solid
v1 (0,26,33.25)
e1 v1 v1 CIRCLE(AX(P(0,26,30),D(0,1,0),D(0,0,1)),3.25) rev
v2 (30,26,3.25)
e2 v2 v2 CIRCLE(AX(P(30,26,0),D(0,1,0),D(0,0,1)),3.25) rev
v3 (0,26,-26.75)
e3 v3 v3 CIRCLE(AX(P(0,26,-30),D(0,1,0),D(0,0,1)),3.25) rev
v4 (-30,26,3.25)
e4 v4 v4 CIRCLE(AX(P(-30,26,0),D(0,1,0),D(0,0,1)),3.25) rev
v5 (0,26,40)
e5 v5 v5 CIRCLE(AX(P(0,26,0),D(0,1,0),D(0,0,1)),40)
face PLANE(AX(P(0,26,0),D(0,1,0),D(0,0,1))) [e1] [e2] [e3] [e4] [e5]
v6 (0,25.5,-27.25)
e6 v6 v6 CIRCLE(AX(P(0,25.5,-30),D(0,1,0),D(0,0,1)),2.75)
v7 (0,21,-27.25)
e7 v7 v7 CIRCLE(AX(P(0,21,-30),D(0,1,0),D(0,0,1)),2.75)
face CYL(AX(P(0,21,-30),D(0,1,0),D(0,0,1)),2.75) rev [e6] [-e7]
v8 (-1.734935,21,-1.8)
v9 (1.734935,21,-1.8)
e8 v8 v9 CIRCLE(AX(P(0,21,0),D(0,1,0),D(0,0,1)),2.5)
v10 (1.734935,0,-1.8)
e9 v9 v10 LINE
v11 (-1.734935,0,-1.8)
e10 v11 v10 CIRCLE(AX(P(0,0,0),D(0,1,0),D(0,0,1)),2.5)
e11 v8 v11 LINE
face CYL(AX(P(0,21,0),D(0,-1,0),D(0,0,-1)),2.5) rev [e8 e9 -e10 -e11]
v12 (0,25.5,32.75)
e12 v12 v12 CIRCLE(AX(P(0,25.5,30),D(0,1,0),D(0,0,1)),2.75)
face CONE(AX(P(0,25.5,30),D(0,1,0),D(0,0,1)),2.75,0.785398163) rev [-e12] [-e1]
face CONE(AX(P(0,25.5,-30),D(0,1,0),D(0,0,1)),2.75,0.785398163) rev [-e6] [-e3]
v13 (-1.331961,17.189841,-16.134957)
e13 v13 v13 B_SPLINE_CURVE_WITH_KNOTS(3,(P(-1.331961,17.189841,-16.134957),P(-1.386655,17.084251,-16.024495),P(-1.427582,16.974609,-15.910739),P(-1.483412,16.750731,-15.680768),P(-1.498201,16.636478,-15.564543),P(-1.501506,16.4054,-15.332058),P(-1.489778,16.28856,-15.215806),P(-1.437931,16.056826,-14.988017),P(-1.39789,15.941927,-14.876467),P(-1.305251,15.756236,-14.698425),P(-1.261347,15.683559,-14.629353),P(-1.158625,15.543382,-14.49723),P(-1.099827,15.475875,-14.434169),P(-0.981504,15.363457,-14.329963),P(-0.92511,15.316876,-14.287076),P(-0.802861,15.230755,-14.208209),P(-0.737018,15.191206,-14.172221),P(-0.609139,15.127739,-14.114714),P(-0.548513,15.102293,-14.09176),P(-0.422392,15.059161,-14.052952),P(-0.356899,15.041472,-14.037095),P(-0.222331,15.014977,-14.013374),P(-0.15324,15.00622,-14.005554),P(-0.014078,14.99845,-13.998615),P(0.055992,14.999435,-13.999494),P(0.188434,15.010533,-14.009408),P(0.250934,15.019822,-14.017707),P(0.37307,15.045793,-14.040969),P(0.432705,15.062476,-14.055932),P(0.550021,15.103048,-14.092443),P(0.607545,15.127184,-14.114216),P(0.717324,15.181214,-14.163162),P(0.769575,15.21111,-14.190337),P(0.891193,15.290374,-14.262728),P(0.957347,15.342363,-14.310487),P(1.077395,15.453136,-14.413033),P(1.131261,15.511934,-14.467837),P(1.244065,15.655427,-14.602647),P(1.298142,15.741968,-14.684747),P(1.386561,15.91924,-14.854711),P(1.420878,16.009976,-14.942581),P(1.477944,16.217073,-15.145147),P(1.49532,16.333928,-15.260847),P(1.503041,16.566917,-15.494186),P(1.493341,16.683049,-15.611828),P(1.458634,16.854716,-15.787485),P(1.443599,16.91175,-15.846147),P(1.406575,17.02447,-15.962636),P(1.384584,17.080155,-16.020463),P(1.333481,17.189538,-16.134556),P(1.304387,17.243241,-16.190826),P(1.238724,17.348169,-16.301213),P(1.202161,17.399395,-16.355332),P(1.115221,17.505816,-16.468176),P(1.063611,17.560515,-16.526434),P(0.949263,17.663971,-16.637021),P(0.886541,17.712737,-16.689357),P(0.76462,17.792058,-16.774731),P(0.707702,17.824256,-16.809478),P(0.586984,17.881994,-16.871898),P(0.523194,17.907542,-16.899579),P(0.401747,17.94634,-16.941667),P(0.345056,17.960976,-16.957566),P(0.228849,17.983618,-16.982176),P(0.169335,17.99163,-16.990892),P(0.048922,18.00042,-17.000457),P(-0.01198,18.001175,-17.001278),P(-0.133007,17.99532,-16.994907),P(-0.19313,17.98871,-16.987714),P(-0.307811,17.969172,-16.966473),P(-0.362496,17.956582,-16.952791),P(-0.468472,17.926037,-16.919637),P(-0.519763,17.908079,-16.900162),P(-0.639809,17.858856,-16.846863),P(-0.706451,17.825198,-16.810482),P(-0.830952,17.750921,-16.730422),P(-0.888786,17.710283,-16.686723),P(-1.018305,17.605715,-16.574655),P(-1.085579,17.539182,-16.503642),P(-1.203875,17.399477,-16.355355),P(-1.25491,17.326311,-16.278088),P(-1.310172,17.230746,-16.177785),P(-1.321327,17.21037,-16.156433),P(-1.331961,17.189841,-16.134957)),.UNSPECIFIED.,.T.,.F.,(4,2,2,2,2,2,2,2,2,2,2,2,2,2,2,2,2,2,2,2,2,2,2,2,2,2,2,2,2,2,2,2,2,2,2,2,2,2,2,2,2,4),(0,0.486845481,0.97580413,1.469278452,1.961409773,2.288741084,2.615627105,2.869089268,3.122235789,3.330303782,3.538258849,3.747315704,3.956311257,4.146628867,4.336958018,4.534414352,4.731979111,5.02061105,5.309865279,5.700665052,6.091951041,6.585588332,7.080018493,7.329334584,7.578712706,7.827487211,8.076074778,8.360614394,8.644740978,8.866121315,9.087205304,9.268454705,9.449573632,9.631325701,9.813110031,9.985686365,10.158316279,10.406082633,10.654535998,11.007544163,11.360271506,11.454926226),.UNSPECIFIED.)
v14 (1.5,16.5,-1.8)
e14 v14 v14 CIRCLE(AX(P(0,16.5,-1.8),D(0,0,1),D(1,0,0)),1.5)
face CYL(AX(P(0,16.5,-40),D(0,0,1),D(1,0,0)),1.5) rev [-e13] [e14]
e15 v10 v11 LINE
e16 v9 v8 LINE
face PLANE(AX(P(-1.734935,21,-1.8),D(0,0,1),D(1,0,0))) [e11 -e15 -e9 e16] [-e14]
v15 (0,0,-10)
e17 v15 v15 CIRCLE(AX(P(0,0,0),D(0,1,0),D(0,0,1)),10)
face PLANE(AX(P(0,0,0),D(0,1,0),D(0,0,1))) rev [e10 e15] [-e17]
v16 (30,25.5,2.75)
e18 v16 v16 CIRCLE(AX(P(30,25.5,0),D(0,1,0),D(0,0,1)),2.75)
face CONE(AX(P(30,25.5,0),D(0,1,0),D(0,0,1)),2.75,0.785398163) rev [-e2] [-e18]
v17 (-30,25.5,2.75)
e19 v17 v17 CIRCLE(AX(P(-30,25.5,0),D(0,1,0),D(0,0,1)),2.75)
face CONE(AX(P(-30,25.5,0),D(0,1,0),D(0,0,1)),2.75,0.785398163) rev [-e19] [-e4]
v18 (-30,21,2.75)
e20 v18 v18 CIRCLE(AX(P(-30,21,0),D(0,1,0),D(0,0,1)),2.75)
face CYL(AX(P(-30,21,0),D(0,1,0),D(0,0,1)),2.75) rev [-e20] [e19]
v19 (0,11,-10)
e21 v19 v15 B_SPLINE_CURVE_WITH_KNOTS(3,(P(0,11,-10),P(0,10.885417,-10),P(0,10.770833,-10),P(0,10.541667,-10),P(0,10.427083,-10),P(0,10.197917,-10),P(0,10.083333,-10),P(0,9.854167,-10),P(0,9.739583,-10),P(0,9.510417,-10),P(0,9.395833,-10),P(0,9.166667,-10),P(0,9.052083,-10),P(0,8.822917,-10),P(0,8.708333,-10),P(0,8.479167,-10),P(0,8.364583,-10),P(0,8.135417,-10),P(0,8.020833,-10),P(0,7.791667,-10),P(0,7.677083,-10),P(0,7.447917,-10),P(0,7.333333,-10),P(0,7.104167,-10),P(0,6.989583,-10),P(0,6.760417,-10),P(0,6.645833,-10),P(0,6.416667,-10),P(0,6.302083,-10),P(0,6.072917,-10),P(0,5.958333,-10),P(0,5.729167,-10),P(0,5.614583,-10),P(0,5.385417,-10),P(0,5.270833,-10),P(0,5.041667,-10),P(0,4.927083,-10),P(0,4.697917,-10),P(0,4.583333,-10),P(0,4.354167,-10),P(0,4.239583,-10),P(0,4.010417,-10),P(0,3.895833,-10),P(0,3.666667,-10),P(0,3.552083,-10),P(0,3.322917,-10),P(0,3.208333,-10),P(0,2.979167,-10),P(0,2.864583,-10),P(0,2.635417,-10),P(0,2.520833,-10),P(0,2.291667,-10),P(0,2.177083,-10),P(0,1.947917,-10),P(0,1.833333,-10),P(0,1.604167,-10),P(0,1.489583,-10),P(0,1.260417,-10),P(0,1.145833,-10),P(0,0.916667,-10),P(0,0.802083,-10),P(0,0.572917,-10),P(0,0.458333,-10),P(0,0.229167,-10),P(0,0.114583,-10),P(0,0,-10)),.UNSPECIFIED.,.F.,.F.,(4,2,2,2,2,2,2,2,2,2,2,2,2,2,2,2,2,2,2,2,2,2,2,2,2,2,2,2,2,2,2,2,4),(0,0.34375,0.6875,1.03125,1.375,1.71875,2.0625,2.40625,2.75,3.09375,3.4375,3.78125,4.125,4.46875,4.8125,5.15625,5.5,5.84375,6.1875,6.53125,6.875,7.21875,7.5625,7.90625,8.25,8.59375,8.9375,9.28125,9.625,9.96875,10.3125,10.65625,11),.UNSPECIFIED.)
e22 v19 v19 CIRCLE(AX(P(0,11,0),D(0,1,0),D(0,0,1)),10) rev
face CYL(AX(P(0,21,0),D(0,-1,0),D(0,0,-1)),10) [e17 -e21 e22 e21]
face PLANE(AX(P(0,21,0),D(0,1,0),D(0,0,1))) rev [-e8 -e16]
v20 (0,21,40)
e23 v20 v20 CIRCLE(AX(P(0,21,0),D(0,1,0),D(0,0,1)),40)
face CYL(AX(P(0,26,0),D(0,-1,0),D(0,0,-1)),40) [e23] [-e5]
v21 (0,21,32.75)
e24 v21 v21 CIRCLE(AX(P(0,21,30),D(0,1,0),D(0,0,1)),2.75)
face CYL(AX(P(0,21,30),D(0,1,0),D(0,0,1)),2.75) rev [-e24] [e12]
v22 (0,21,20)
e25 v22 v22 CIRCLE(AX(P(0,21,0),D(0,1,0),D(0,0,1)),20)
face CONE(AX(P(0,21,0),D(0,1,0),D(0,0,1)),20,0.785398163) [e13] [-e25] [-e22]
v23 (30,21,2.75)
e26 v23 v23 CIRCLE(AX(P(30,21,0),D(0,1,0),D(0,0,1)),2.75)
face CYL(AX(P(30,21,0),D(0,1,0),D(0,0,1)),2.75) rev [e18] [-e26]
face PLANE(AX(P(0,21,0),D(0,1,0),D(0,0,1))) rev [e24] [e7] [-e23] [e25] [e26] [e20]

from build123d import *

# Parameters (mm, degrees)
SKETCH_1_R          = 10
EXTRUDE_1_DEPTH     = 21
SKETCH_2_R          = 40
EXTRUDE_2_DEPTH     = 5
CHAMFER_1_SIZE      = 10
SKETCH_3_R          = 2.75
CUT_EXTRUDE_2_DEPTH = 5
CHAMFER_2_SIZE      = 0.5
SKETCH_4_R          = 1.5
CUT_EXTRUDE_3_DEPTH = 63.257529665


with BuildPart() as part:
    # 草图1 → 凸台-拉伸1 (new body)
    with BuildSketch(Plane(origin=(0, 0, 0), x_dir=(1, 0, 0), z_dir=(0, 1, 0))):
        with Locations(Location((0, 0, 0), (0, 0, 90))):
            Circle(SKETCH_1_R)
        with BuildLine():
            Line((-1.734935157, 1.8), (1.734935157, 1.8))
            ThreePointArc((1.734935157, 1.8), (0, -2.5), (-1.734935157, 1.8))
        make_face(mode=Mode.SUBTRACT)
    extrude(amount=EXTRUDE_1_DEPTH)

    # 草图2 → 凸台-拉伸2 (add)
    with BuildSketch(Plane(origin=(0, 21, 0), x_dir=(1, 0, 0), z_dir=(0, 1, 0))):
        with Locations(Location((0, 0, 0), (0, 0, 270))):
            Circle(SKETCH_2_R)
    extrude(amount=EXTRUDE_2_DEPTH)

    # 倒角1
    chamfer_1_edges = [part.edges().sort_by_distance(p)[0] for p in [
        (0, 21, 10),
    ]]
    chamfer(chamfer_1_edges, length=CHAMFER_1_SIZE)

    # 草图3 → 切除-拉伸2 (cut)
    with BuildSketch(Plane(origin=(0, 26, 0), x_dir=(1, 0, 0), z_dir=(0, 1, 0))):
        with Locations(Location((0, 30, 0), (0, 0, 270))):
            Circle(SKETCH_3_R)
        with Locations(Location((30, 0, 0), (0, 0, 270))):
            Circle(SKETCH_3_R)
        with Locations(Location((0, -30, 0), (0, 0, 270))):
            Circle(SKETCH_3_R)
        with Locations(Location((-30, 0, 0), (0, 0, 270))):
            Circle(SKETCH_3_R)
    extrude(amount=-CUT_EXTRUDE_2_DEPTH, mode=Mode.SUBTRACT)

    # 倒角2
    chamfer_2_edges = [part.edges().sort_by_distance(p)[0] for p in [
        (0, 26, -32.75),
        (30, 26, -2.75),
        (0, 26, 27.25),
        (-30, 26, -2.75),
    ]]
    chamfer(chamfer_2_edges, length=CHAMFER_2_SIZE)

    # 草图4 → 切除-拉伸3 (cut, through all)
    with BuildSketch(Plane.XY):
        with Locations((0, 16.5)):
            Circle(SKETCH_4_R)
    extrude(amount=-CUT_EXTRUDE_3_DEPTH, mode=Mode.SUBTRACT)


solid = part.part
